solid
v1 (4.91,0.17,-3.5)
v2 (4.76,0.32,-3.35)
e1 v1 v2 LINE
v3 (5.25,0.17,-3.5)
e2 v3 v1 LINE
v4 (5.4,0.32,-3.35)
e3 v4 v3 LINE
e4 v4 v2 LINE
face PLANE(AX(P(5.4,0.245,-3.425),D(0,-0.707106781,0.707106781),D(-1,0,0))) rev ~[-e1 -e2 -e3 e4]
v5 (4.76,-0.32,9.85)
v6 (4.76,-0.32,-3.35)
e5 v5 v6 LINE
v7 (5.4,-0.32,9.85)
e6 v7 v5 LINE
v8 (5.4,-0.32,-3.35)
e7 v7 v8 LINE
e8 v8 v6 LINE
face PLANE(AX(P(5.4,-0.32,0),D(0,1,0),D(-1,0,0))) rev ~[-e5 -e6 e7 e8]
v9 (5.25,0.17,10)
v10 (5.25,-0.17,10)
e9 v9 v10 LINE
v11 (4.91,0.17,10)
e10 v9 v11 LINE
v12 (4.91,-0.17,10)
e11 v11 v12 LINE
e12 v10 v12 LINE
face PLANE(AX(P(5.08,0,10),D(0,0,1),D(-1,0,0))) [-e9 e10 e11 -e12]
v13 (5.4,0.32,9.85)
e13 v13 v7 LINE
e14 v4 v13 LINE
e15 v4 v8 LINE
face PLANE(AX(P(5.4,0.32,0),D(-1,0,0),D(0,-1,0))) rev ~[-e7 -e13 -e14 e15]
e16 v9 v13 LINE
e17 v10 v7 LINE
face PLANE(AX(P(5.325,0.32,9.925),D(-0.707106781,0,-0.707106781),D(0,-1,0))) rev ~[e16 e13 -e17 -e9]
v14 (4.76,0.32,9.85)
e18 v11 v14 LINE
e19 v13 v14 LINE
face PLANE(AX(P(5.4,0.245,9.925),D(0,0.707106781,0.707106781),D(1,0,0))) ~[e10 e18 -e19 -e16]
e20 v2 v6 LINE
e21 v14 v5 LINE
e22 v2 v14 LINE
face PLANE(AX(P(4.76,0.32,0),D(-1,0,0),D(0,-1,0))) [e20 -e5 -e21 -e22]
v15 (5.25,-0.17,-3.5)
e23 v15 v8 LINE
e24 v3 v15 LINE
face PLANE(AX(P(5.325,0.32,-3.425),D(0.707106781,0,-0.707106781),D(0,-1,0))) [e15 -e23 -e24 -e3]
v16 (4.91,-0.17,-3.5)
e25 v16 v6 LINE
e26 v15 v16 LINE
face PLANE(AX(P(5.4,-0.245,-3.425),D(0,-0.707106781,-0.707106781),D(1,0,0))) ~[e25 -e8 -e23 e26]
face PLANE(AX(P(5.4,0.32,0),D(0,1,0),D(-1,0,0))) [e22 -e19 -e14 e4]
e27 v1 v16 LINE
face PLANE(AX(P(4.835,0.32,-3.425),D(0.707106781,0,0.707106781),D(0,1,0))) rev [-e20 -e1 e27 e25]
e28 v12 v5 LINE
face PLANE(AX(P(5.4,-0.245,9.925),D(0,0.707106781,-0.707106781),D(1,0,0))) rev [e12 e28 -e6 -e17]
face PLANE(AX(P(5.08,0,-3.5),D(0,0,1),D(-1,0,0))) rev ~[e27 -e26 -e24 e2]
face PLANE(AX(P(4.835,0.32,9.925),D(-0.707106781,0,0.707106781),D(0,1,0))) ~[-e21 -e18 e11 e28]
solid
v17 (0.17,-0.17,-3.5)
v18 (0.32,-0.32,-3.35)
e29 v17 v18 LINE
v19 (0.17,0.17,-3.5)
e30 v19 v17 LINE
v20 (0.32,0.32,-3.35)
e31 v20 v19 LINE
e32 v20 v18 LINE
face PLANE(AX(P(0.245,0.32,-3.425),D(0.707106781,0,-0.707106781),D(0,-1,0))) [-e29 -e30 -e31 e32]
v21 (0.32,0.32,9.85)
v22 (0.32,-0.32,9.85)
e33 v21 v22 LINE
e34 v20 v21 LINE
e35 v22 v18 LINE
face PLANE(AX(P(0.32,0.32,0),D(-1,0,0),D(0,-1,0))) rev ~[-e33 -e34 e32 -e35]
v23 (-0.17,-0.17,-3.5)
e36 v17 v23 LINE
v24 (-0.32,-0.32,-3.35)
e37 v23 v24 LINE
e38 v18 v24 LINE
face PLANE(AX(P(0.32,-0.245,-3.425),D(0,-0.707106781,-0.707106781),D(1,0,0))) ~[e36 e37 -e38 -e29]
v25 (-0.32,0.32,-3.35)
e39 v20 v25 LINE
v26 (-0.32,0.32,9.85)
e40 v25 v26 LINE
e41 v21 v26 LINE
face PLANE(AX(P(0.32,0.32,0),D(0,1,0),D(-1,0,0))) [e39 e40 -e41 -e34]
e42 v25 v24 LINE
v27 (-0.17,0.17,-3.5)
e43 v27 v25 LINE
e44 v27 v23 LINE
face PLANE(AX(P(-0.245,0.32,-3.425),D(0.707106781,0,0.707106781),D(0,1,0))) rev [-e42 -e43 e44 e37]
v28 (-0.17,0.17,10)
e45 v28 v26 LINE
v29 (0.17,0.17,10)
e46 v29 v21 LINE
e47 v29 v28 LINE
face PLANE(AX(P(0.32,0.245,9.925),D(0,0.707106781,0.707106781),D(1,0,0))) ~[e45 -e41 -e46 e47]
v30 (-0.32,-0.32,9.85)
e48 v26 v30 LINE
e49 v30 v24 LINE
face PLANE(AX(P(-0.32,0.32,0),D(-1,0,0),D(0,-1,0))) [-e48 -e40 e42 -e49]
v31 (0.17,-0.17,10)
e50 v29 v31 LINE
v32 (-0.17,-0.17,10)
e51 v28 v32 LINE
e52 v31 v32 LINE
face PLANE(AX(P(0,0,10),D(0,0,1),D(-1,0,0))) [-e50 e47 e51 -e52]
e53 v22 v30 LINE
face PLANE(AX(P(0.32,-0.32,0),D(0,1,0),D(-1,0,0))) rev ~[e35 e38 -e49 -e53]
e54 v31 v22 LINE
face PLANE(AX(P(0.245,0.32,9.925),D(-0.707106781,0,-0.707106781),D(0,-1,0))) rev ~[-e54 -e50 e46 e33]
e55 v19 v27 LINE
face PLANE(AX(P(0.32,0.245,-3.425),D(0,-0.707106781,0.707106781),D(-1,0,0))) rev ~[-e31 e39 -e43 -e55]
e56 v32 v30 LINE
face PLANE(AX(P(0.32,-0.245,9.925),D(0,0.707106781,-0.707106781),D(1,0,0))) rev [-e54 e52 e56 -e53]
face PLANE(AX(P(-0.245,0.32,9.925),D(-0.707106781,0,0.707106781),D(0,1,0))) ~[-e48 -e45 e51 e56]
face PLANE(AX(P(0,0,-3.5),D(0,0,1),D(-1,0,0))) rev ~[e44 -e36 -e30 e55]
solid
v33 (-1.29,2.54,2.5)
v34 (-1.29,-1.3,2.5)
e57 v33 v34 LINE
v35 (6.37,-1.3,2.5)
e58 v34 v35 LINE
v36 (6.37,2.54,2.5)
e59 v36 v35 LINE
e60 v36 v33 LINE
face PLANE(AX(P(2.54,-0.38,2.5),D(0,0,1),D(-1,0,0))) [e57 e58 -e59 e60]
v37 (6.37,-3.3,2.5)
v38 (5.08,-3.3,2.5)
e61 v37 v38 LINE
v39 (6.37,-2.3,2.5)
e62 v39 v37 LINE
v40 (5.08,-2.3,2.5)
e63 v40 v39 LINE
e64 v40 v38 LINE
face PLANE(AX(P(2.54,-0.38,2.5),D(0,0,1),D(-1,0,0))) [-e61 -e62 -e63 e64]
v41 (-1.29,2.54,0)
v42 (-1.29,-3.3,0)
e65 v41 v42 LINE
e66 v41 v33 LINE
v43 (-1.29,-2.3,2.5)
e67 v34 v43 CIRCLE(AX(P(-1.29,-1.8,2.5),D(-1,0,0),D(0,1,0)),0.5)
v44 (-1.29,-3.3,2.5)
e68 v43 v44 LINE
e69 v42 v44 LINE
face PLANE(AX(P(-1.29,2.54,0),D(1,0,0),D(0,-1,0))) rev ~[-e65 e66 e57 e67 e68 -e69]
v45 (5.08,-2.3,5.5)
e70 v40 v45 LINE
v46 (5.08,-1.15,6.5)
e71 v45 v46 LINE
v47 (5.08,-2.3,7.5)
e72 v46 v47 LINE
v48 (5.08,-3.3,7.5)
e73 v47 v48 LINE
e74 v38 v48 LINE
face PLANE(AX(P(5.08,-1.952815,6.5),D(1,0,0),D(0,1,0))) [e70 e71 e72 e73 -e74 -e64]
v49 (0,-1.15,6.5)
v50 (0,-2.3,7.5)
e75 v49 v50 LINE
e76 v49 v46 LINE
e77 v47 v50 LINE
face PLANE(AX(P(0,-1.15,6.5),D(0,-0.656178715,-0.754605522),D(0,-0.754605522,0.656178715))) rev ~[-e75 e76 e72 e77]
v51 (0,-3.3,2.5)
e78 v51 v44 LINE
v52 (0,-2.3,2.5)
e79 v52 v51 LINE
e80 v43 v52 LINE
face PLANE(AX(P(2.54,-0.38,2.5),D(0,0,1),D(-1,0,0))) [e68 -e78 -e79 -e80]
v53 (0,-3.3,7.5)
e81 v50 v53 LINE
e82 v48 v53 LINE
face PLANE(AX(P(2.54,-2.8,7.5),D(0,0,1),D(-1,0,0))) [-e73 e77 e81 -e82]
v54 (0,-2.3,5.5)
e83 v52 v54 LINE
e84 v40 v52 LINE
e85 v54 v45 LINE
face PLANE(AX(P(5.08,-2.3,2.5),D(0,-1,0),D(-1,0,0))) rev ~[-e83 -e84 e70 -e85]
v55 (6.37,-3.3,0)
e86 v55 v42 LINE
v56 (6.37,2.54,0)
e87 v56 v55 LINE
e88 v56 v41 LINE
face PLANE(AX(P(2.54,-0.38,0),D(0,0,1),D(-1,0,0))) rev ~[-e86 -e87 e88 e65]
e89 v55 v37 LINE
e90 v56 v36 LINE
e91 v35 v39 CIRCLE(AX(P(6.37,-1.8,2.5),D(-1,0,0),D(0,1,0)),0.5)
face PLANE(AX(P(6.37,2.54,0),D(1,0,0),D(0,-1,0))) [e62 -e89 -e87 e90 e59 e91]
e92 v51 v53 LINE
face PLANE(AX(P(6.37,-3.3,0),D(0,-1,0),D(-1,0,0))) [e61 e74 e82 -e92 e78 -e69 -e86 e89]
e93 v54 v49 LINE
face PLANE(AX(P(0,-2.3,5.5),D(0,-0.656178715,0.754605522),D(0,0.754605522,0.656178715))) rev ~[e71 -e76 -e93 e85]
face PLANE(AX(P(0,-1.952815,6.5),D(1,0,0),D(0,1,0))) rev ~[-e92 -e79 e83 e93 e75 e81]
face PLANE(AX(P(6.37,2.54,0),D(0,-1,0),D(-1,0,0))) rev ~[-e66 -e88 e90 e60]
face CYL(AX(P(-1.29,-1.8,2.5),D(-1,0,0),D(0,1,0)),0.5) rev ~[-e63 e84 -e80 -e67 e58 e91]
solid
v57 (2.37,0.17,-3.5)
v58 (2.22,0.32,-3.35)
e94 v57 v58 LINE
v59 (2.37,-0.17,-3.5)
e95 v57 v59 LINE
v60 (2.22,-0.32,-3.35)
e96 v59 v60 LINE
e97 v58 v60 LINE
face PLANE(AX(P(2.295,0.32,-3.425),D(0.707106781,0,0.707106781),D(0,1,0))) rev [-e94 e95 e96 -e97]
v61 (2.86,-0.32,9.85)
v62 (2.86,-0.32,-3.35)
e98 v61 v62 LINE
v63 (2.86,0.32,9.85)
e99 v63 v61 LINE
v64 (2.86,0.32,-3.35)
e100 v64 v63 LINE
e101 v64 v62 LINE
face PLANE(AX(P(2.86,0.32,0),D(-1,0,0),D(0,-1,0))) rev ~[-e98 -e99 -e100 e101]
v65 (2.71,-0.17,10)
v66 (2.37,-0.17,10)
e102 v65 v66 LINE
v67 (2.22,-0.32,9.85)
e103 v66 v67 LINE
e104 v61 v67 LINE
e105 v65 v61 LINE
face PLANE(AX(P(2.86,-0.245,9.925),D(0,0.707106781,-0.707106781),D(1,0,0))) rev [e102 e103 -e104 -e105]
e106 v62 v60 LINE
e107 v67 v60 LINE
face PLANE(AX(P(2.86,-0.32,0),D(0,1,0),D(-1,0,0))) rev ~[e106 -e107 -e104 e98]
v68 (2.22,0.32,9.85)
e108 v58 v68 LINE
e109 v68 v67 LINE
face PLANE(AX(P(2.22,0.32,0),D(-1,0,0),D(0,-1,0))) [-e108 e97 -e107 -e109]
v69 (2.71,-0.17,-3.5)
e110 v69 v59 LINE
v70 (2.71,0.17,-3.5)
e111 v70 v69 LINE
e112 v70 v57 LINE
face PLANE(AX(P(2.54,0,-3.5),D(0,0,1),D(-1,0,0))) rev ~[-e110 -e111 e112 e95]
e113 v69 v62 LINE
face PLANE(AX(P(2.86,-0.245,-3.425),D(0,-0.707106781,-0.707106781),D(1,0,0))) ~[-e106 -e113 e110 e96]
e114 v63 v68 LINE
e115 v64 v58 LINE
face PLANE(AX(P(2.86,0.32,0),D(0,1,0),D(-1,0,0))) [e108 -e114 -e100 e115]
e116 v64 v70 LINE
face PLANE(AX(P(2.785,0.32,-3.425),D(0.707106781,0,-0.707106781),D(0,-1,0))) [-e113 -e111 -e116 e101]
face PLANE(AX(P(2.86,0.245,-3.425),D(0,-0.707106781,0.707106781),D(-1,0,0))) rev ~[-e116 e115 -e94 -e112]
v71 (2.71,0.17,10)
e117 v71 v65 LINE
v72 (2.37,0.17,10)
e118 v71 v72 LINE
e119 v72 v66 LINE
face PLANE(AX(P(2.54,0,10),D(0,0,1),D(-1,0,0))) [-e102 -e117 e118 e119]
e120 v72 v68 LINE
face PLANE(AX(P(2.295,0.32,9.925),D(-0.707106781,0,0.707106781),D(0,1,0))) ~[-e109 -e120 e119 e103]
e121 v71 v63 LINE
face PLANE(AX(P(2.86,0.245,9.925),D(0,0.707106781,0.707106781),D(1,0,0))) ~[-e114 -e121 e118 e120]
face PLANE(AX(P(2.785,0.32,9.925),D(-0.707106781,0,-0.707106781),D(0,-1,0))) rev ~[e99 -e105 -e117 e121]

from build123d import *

# Parameters (mm, degrees)
SKETCH_W          = 7.66
SKETCH_H          = 5.84
PAD_DEPTH         = 2.5
SKETCH001_W       = 5.08
SKETCH001_H       = 1
PAD001_DEPTH      = 5
PAD002_DEPTH      = 5.08
POCKET_DEPTH      = 7.661
SKETCH011_W       = 0.64
SKETCH011_H       = 0.64
PAD003_DEPTH      = 10
PAD003_DEPTH_BACK = 3.5
CHAMFER002_SIZE   = 0.15
CHAMFER003_SIZE   = 0.15
SKETCH012_W       = 0.64
SKETCH012_H       = 0.64
PAD004_DEPTH      = 10
PAD004_DEPTH_BACK = 3.5
CHAMFER001_SIZE   = 0.15
CHAMFER004_SIZE   = 0.15
SKETCH013_W       = 0.64
SKETCH013_H       = 0.64
PAD005_DEPTH      = 10
PAD005_DEPTH_BACK = 3.5
CHAMFER_SIZE      = 0.15
CHAMFER005_SIZE   = 0.15


with BuildPart() as pocket:
    # Sketch → Pad (new body)
    with BuildSketch(Plane(origin=(0, 0, 0), x_dir=(-1, 0, 0), z_dir=(0, 0, 1))):
        with Locations((-2.54, 0.38)):
            Rectangle(SKETCH_W, SKETCH_H)
    extrude(amount=PAD_DEPTH)

    # Sketch001 → Pad001 (new body)
    with BuildSketch(Plane(origin=(0, 0, 2.5), x_dir=(-1, 0, 0), z_dir=(0, 0, 1))):
        with Locations((-2.54, 2.8)):
            Rectangle(SKETCH001_W, SKETCH001_H)
    extrude(amount=PAD001_DEPTH)

    # Sketch002 → Pad002 (new body)
    with BuildSketch(Plane(origin=(0, 0, 0), x_dir=(0, -1, 0), z_dir=(-1, 0, 0))):
        Polygon((2.3, 7.5), (2.3, 5.5), (1.15, 6.5), align=None)
    extrude(amount=-PAD002_DEPTH)

    # Sketch015 → Pocket (cut, through all)
    with BuildSketch(Plane(origin=(-1.29, 0, 0), x_dir=(0, -1, 0), z_dir=(-1, 0, 0))):
        with BuildLine():
            ThreePointArc((1.3, 2.5), (1.8, 2), (2.3, 2.5))
            Line((1.3, 2.5), (2.3, 2.5))
        make_face()
    extrude(amount=-POCKET_DEPTH, mode=Mode.SUBTRACT)


with BuildPart() as chamfer003:
    # Sketch011 → Pad003 (new body, two sides)
    with BuildSketch(Plane(origin=(0, 0, 0), x_dir=(-1, 0, 0), z_dir=(0, 0, 1))) as pad003_sk:
        Rectangle(SKETCH011_W, SKETCH011_H)
    extrude(amount=PAD003_DEPTH)
    extrude(pad003_sk.sketch, amount=-PAD003_DEPTH_BACK)

    # Chamfer002
    chamfer002_edges = [chamfer003.edges().sort_by_distance(p)[0] for p in [
        (0, -0.32, 10),
        (-0.32, 0, 10),
        (0, 0.32, 10),
        (0.32, 0, 10),
    ]]
    chamfer(chamfer002_edges, length=CHAMFER002_SIZE)

    # Chamfer003
    chamfer003_edges = [chamfer003.edges().sort_by_distance(p)[0] for p in [
        (0, -0.32, -3.5),
        (-0.32, 0, -3.5),
        (0, 0.32, -3.5),
        (0.32, 0, -3.5),
    ]]
    chamfer(chamfer003_edges, length=CHAMFER003_SIZE)


with BuildPart() as chamfer004:
    # Sketch012 → Pad004 (new body, two sides)
    with BuildSketch(Plane(origin=(0, 0, 0), x_dir=(-1, 0, 0), z_dir=(0, 0, 1))) as pad004_sk:
        with Locations((-2.54, 0)):
            Rectangle(SKETCH012_W, SKETCH012_H)
    extrude(amount=PAD004_DEPTH)
    extrude(pad004_sk.sketch, amount=-PAD004_DEPTH_BACK)

    # Chamfer001
    chamfer001_edges = [chamfer004.edges().sort_by_distance(p)[0] for p in [
        (2.54, -0.32, 10),
        (2.22, 0, 10),
        (2.54, 0.32, 10),
        (2.86, 0, 10),
    ]]
    chamfer(chamfer001_edges, length=CHAMFER001_SIZE)

    # Chamfer004
    chamfer004_edges = [chamfer004.edges().sort_by_distance(p)[0] for p in [
        (2.54, -0.32, -3.5),
        (2.22, 0, -3.5),
        (2.54, 0.32, -3.5),
        (2.86, 0, -3.5),
    ]]
    chamfer(chamfer004_edges, length=CHAMFER004_SIZE)


with BuildPart() as chamfer005:
    # Sketch013 → Pad005 (new body, two sides)
    with BuildSketch(Plane(origin=(0, 0, 0), x_dir=(-1, 0, 0), z_dir=(0, 0, 1))) as pad005_sk:
        with Locations((-5.08, 0)):
            Rectangle(SKETCH013_W, SKETCH013_H)
    extrude(amount=PAD005_DEPTH)
    extrude(pad005_sk.sketch, amount=-PAD005_DEPTH_BACK)

    # Chamfer
    chamfer_edges = [chamfer005.edges().sort_by_distance(p)[0] for p in [
        (5.08, -0.32, 10),
        (4.76, 0, 10),
        (5.08, 0.32, 10),
        (5.4, 0, 10),
    ]]
    chamfer(chamfer_edges, length=CHAMFER_SIZE)

    # Chamfer005
    chamfer005_edges = [chamfer005.edges().sort_by_distance(p)[0] for p in [
        (5.08, -0.32, -3.5),
        (4.76, 0, -3.5),
        (5.08, 0.32, -3.5),
        (5.4, 0, -3.5),
    ]]
    chamfer(chamfer005_edges, length=CHAMFER005_SIZE)


solid = Compound([pocket.part, chamfer003.part, chamfer004.part, chamfer005.part])
